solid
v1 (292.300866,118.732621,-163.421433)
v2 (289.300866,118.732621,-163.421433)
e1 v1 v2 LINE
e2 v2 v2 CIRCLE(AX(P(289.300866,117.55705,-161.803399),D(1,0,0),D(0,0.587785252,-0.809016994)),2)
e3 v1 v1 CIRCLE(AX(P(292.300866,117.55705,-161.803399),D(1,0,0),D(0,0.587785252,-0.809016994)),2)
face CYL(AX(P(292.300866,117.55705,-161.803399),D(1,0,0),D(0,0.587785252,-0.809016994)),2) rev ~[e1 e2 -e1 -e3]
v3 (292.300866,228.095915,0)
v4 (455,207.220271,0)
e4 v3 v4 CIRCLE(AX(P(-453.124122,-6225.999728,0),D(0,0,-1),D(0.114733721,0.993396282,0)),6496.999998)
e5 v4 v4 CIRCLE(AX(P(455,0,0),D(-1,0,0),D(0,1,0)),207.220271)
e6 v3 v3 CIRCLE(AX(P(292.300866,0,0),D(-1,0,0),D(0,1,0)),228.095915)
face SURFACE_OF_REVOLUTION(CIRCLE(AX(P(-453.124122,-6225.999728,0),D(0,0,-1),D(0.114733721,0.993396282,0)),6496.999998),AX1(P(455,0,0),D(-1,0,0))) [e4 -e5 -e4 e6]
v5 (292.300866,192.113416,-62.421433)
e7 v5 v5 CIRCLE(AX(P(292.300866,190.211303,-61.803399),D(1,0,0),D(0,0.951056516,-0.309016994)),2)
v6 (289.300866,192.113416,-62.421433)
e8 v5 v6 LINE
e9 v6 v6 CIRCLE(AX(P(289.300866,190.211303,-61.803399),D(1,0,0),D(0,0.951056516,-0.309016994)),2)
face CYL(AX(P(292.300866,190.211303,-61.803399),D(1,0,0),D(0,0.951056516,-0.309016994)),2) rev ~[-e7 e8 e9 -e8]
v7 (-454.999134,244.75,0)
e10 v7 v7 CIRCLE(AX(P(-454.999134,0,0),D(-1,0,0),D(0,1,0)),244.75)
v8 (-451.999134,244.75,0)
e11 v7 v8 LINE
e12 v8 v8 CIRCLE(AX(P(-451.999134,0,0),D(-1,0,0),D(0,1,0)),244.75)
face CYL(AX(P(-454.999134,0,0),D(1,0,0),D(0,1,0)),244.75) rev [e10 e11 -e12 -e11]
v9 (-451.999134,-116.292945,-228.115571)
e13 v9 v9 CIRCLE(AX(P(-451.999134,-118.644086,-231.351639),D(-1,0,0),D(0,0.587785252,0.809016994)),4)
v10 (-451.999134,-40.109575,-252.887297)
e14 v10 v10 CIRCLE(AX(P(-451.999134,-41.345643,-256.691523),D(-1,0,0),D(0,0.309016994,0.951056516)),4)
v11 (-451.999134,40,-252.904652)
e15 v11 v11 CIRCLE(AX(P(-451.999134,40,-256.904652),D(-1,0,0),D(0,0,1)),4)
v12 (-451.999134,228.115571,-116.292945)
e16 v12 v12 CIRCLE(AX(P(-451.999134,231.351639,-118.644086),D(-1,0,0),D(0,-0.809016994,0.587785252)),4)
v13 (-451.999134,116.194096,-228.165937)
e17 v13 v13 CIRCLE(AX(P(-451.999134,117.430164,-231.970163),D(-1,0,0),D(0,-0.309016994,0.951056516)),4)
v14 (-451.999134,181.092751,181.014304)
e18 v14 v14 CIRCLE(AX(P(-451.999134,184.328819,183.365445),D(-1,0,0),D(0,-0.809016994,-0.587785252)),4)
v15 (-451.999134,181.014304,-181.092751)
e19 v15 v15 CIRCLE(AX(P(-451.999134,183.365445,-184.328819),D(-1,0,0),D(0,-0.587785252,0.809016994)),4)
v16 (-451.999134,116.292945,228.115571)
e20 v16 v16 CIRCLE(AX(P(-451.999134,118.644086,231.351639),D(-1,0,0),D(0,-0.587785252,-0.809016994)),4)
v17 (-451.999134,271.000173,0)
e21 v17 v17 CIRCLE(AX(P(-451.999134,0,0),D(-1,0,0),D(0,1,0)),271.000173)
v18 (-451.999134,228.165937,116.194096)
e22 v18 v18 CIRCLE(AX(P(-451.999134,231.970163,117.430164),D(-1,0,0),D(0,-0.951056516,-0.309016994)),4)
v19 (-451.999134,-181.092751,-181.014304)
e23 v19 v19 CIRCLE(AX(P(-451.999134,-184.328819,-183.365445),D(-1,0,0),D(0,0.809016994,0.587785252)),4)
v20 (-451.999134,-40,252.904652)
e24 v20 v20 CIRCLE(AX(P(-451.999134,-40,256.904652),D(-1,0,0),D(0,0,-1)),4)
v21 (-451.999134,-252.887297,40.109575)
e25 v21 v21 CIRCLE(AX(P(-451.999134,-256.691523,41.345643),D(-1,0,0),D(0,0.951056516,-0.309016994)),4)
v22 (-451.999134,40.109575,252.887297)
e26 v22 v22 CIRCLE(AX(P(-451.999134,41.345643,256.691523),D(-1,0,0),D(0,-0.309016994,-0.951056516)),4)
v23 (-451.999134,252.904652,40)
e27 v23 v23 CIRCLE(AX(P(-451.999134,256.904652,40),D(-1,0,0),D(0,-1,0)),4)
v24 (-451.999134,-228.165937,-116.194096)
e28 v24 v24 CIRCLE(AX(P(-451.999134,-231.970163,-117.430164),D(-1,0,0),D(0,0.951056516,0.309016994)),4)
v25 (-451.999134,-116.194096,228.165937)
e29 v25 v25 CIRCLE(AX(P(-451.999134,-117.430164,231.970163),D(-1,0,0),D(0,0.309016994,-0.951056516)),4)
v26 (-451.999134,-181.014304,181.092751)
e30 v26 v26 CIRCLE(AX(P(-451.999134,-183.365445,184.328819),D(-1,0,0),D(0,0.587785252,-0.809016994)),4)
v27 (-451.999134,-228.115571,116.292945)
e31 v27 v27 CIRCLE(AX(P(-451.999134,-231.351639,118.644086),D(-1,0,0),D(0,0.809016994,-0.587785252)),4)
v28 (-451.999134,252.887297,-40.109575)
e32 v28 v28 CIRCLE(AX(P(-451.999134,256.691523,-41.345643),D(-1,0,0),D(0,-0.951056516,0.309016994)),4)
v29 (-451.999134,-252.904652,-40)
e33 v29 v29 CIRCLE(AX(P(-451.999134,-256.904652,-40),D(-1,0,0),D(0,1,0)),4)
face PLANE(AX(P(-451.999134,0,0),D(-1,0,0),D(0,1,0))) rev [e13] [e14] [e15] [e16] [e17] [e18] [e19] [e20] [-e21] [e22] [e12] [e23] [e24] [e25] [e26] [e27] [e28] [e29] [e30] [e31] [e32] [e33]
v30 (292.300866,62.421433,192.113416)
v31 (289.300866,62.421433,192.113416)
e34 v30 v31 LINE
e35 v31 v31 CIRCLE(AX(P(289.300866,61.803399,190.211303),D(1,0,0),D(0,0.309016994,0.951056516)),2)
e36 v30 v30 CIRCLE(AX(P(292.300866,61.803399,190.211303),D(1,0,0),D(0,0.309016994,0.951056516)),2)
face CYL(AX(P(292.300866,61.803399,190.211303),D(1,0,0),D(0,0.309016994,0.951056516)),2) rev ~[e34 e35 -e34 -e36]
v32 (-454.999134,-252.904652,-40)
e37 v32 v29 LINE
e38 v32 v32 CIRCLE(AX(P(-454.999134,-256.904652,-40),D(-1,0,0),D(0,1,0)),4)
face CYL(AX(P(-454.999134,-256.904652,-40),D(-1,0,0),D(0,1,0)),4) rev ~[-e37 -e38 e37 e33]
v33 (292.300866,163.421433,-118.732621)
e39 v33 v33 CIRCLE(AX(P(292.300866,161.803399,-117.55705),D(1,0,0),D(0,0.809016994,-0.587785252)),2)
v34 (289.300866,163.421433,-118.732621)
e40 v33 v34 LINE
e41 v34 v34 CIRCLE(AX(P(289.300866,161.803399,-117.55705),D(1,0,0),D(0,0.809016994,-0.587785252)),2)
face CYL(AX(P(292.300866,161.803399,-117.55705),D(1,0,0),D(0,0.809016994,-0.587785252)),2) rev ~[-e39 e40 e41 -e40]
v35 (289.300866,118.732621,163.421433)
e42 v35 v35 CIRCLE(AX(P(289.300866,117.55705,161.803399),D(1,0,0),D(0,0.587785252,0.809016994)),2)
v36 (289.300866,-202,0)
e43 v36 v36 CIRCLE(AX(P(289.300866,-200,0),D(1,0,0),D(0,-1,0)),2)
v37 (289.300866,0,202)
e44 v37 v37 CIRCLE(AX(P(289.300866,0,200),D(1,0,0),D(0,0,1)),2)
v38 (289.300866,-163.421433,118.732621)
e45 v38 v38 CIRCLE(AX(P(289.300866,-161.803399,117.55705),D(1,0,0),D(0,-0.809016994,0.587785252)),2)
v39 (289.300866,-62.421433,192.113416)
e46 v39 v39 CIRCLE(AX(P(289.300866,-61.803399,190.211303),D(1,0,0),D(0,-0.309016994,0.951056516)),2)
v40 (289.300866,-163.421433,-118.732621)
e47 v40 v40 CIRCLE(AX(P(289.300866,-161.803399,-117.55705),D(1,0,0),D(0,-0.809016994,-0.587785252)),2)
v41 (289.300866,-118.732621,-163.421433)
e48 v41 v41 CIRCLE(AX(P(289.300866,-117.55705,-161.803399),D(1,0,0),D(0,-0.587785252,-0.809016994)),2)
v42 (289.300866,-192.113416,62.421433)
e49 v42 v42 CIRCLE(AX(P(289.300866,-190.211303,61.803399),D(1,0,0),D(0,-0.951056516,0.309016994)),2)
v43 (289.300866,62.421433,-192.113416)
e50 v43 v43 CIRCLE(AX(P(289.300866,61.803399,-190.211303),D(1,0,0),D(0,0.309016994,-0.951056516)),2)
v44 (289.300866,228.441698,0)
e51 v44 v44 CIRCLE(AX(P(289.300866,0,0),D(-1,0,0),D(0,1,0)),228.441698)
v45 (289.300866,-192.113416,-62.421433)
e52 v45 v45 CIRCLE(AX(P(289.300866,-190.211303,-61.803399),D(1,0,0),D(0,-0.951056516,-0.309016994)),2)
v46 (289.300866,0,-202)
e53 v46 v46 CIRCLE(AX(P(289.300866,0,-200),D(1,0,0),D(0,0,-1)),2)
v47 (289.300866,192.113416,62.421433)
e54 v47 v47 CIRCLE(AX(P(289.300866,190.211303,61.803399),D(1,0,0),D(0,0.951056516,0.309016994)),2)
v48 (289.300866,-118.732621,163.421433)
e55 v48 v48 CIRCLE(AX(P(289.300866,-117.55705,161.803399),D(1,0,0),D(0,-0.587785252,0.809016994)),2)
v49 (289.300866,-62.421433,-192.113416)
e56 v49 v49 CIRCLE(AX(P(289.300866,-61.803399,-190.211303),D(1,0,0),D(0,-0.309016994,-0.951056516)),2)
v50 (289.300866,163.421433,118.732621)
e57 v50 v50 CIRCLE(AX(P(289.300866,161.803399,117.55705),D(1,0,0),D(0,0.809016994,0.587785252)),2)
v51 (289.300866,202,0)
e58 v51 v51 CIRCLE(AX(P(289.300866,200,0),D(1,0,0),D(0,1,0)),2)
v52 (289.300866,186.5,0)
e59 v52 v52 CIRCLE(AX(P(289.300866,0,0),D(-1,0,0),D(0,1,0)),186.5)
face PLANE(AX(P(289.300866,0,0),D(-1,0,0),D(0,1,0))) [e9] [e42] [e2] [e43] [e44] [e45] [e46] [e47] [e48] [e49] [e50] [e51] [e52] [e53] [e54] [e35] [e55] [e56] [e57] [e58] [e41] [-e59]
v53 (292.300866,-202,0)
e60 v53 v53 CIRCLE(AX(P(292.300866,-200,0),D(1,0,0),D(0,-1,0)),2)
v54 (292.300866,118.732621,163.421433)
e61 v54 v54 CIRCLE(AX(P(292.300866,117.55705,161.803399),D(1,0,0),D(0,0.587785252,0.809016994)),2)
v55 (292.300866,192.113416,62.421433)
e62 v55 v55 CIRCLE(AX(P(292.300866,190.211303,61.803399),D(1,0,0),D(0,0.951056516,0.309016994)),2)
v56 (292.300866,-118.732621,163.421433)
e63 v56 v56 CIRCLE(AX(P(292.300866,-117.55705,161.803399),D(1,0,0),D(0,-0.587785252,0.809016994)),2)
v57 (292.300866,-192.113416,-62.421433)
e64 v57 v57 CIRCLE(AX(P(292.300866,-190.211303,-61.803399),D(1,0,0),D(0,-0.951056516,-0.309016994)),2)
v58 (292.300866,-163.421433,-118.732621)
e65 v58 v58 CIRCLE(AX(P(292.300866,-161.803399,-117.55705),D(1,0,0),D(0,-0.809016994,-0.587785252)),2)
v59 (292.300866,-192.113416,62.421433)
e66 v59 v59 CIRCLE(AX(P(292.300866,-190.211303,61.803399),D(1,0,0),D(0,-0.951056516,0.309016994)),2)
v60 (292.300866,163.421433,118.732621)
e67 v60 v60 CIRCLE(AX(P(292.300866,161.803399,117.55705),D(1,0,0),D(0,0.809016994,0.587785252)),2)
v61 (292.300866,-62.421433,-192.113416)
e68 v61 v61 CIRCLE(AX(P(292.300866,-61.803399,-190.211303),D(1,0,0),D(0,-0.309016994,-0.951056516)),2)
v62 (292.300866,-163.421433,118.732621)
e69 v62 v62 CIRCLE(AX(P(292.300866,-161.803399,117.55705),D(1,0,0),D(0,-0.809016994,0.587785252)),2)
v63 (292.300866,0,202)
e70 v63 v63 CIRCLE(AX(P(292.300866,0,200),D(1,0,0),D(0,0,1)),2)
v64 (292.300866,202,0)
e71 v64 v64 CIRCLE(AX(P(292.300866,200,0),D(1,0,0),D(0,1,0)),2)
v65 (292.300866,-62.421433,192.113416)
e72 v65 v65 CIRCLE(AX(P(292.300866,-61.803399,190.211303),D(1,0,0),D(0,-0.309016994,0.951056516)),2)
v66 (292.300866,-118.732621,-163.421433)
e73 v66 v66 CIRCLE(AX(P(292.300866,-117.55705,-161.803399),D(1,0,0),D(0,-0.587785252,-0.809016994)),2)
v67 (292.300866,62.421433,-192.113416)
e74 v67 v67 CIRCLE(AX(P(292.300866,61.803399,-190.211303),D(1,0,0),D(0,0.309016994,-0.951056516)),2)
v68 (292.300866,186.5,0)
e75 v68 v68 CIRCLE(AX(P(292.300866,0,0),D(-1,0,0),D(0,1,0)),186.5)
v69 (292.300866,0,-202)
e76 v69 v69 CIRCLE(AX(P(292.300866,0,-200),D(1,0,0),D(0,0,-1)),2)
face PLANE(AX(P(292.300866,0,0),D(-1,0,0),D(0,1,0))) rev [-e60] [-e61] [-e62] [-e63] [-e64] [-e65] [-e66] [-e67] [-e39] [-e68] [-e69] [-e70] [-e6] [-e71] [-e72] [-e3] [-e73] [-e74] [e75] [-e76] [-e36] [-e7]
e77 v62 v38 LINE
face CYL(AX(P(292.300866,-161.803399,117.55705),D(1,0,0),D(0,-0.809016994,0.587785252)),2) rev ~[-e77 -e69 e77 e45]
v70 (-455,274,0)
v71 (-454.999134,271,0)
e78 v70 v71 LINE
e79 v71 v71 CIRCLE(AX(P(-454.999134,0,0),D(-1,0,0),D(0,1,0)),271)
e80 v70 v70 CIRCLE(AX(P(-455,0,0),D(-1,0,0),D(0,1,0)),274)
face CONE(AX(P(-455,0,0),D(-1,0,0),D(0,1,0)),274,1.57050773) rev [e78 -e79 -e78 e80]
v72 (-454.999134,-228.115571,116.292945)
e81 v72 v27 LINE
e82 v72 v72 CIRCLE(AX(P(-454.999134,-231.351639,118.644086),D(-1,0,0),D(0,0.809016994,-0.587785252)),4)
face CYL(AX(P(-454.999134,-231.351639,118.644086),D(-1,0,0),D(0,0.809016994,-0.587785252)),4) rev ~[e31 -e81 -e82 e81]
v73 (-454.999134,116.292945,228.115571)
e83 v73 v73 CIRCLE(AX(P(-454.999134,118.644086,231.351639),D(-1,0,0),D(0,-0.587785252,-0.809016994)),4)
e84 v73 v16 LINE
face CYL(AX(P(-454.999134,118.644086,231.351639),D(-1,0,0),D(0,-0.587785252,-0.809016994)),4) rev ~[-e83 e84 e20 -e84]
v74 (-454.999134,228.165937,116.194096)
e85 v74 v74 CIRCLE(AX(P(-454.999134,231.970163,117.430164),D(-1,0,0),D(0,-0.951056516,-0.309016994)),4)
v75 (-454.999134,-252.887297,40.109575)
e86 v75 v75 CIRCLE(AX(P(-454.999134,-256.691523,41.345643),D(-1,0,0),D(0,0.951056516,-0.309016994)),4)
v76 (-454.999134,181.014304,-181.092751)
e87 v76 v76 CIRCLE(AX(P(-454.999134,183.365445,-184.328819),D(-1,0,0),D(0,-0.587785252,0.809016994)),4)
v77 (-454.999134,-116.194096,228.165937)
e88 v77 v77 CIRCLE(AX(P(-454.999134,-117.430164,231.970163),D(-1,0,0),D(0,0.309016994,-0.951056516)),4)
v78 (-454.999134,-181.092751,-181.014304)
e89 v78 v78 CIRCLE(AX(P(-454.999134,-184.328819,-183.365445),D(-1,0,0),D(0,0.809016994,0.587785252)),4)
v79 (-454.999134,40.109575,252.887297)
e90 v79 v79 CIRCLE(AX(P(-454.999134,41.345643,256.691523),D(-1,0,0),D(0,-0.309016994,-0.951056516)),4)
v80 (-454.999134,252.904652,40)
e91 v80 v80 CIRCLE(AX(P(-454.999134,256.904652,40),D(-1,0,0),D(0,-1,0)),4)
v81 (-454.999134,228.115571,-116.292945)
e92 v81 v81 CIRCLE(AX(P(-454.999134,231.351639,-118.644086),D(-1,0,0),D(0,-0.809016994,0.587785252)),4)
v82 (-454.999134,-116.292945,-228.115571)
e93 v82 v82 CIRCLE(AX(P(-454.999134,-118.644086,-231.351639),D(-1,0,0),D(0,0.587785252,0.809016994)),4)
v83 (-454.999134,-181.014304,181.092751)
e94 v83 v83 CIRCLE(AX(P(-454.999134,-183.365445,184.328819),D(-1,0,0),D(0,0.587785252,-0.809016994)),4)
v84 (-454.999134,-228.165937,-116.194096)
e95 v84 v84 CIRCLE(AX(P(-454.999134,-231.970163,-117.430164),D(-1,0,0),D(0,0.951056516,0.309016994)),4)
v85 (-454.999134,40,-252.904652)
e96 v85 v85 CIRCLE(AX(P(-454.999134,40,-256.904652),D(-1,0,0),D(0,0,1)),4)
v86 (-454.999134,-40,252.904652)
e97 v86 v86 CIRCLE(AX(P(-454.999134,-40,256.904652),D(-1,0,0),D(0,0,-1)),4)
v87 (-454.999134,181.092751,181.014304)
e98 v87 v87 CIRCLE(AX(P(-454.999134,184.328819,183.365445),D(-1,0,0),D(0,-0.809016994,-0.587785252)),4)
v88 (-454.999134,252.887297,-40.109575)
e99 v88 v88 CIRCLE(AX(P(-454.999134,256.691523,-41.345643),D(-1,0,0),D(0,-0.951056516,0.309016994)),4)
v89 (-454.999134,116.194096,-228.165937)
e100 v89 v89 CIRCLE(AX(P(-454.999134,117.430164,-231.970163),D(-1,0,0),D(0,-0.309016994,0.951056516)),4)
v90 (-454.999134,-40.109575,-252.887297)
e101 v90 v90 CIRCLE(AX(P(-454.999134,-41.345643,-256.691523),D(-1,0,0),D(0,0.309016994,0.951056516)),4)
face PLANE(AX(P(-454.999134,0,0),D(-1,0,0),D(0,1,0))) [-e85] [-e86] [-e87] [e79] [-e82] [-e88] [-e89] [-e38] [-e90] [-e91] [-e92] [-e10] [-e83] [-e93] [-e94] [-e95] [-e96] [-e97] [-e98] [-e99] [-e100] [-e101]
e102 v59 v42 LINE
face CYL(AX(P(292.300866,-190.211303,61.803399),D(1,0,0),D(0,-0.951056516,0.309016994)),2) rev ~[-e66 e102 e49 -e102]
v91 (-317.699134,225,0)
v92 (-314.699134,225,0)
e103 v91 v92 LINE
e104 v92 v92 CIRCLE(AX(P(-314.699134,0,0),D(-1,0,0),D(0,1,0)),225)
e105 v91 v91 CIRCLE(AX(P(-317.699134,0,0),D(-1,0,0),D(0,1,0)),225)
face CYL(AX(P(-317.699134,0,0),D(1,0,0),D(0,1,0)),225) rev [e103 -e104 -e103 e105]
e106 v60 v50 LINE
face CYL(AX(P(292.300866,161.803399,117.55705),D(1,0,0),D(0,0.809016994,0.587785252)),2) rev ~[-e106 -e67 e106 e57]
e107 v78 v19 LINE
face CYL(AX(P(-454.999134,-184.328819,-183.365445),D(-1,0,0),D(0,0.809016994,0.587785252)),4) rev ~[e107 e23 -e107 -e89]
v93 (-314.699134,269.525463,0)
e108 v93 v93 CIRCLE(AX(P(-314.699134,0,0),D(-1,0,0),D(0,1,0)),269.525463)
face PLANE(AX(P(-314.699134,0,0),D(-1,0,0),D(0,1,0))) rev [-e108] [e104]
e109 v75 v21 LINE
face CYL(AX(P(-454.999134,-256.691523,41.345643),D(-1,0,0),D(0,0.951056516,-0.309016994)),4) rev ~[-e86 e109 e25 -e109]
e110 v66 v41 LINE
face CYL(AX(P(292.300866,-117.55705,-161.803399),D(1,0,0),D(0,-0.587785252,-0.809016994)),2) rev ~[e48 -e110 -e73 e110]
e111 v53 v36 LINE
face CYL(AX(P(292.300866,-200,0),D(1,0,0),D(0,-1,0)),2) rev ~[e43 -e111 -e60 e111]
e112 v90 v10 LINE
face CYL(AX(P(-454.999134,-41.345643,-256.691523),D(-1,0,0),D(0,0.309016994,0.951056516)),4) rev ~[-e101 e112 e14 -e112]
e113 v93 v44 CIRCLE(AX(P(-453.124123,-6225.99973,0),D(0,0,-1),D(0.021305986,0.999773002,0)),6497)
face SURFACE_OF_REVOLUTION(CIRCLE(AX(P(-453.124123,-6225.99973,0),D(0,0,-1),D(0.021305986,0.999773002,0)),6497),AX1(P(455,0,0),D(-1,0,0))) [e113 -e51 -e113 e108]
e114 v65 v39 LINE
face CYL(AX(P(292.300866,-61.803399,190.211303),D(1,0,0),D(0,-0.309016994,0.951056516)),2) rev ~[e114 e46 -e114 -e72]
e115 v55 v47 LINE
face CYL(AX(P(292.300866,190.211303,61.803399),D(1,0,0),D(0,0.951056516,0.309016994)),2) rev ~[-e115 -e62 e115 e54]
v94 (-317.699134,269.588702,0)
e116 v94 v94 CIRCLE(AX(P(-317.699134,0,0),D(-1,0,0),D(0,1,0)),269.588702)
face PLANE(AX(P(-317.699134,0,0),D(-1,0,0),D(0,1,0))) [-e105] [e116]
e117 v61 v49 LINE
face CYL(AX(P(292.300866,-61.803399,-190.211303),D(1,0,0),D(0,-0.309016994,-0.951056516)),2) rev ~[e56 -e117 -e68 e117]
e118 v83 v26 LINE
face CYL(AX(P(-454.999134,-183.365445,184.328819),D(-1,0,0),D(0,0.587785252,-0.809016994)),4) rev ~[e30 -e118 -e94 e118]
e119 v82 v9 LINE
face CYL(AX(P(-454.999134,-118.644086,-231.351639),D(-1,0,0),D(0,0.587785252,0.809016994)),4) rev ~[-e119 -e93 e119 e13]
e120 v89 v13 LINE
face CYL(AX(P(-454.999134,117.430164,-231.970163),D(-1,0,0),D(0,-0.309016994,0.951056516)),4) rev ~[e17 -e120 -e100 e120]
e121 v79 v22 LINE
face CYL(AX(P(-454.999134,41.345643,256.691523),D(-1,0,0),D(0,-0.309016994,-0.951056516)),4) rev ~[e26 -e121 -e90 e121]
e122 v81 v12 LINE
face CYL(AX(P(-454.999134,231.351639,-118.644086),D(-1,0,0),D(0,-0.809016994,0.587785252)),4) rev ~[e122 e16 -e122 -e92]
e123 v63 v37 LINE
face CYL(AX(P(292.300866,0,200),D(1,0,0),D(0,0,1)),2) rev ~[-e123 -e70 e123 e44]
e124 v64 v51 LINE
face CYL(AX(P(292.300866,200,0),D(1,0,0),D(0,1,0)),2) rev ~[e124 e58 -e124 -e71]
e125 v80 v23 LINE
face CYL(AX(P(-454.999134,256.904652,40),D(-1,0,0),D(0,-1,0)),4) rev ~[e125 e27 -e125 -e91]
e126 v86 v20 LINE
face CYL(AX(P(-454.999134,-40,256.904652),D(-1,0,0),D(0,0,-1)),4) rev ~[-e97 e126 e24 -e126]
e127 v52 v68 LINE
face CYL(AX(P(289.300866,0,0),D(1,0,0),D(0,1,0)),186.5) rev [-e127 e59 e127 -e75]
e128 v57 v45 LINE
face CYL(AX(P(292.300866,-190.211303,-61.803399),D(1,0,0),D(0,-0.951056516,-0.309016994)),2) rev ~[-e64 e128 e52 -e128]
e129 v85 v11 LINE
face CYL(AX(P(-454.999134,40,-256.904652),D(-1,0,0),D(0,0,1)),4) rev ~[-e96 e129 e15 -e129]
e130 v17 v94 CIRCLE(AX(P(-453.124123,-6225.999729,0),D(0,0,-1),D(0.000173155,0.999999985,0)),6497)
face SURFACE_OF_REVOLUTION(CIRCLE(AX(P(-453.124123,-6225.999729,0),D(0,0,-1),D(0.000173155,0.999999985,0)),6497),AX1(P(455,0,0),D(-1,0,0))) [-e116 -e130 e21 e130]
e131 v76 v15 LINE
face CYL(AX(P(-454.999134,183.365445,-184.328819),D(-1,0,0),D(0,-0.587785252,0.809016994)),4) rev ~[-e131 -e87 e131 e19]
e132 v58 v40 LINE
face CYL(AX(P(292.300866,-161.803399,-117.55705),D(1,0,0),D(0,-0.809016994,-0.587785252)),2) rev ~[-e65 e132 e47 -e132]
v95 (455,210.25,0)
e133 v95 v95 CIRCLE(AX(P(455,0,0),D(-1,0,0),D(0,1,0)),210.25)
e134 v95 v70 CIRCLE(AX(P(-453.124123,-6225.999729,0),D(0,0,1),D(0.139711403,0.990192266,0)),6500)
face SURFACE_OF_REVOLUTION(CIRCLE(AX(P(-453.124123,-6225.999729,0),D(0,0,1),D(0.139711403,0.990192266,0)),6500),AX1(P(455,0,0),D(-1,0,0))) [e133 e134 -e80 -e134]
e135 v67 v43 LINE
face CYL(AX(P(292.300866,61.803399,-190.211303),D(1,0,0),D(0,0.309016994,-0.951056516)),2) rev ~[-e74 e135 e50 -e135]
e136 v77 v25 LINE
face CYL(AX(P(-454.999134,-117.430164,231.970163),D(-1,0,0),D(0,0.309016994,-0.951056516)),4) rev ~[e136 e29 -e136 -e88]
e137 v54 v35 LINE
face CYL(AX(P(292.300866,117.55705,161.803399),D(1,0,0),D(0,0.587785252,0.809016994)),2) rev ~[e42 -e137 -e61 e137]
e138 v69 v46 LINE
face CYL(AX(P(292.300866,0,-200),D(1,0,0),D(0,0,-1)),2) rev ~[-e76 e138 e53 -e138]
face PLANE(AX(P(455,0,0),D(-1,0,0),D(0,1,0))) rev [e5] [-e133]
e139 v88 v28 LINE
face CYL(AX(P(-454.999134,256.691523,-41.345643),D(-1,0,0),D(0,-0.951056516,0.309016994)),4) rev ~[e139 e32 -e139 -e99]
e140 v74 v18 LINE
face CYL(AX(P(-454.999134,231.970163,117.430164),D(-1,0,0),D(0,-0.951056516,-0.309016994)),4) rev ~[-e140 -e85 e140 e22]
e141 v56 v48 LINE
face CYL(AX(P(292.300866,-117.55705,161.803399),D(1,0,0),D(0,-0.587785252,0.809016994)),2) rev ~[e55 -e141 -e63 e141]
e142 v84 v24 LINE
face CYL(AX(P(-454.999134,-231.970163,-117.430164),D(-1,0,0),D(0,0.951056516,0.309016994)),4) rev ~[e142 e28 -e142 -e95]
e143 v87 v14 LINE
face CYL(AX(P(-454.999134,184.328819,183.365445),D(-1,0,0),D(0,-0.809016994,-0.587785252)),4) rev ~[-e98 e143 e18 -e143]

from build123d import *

# Parameters (mm, degrees)
SKETCH2_R          = 4
CUT_EXTRUDE1_DEPTH = 10
SKETCH3_R          = 2
CUT_EXTRUDE2_DEPTH = 10
CIRPATTERN1_COUNT  = 20


with BuildPart() as part:
    # Sketch1 → Revolve1 (revolve)
    with BuildSketch(Plane.XY):
        with BuildLine():
            Line((-455, 274), (-454.99913421, 271.000000125))
            Line((-454.99913421, 271.000000125), (-454.99913421, 244.75))
            Line((-454.99913421, 244.75), (-451.99913421, 244.75))
            Line((-451.99913421, 244.75), (-451.99913421, 271.000173287))
            ThreePointArc((-451.99913421, 271.000173287), (-384.845486833, 270.641481951), (-317.69913421, 269.588702271))
            Line((-317.69913421, 269.588702271), (-317.69913421, 225))
            Line((-317.69913421, 225), (-314.69913421, 225))
            Line((-314.69913421, 225), (-314.69913421, 269.525462894))
            ThreePointArc((-314.69913421, 269.525462894), (-12.220347003, 256.022552407), (289.30086579, 228.441697853))
            Line((289.30086579, 228.441697853), (289.30086579, 186.5))
            Line((289.30086579, 186.5), (292.30086579, 186.5))
            Line((292.30086579, 186.5), (292.30086579, 228.095915066))
            ThreePointArc((292.30086579, 228.095915066), (373.716317714, 218.171581754), (455, 207.220271439))
            Line((455, 207.220271439), (455, 210.25))
            ThreePointArc((455, 210.25), (1.119739337, 258.10873014), (-455, 274))
        make_face()
    revolve(axis=Axis((455, 0, 0), (-1, 0, 0)))

    # Sketch2 → Cut-Extrude1 (cut)
    with BuildSketch(Plane.ZY.offset(454.99913421)):
        with Locations(Location((40, 256.904651573, 0), (0, 0, 270))):
            Circle(SKETCH2_R)
    cut_extrude1 = extrude(amount=-CUT_EXTRUDE1_DEPTH, mode=Mode.SUBTRACT)

    # Sketch3 → Cut-Extrude2 (cut)
    with BuildSketch(Plane(origin=(292.30086579, 0, 0), x_dir=(0, 0, -1), z_dir=(1, 0, 0))):
        with Locations(Location((0, 200, 0), (0, 0, 90))):
            Circle(SKETCH3_R)
    cut_extrude2 = extrude(amount=-CUT_EXTRUDE2_DEPTH, mode=Mode.SUBTRACT)

    # CirPattern1: Cut-Extrude1, Cut-Extrude2 ×20 about axis
    cirpattern1_axis = Axis((0, 0, 0), (1, 0, 0))
    add([cut_extrude1.rotate(cirpattern1_axis, i * 360 / CIRPATTERN1_COUNT) for i in range(1, CIRPATTERN1_COUNT)], mode=Mode.SUBTRACT)
    add([cut_extrude2.rotate(cirpattern1_axis, i * 360 / CIRPATTERN1_COUNT) for i in range(1, CIRPATTERN1_COUNT)], mode=Mode.SUBTRACT)


solid = part.part
